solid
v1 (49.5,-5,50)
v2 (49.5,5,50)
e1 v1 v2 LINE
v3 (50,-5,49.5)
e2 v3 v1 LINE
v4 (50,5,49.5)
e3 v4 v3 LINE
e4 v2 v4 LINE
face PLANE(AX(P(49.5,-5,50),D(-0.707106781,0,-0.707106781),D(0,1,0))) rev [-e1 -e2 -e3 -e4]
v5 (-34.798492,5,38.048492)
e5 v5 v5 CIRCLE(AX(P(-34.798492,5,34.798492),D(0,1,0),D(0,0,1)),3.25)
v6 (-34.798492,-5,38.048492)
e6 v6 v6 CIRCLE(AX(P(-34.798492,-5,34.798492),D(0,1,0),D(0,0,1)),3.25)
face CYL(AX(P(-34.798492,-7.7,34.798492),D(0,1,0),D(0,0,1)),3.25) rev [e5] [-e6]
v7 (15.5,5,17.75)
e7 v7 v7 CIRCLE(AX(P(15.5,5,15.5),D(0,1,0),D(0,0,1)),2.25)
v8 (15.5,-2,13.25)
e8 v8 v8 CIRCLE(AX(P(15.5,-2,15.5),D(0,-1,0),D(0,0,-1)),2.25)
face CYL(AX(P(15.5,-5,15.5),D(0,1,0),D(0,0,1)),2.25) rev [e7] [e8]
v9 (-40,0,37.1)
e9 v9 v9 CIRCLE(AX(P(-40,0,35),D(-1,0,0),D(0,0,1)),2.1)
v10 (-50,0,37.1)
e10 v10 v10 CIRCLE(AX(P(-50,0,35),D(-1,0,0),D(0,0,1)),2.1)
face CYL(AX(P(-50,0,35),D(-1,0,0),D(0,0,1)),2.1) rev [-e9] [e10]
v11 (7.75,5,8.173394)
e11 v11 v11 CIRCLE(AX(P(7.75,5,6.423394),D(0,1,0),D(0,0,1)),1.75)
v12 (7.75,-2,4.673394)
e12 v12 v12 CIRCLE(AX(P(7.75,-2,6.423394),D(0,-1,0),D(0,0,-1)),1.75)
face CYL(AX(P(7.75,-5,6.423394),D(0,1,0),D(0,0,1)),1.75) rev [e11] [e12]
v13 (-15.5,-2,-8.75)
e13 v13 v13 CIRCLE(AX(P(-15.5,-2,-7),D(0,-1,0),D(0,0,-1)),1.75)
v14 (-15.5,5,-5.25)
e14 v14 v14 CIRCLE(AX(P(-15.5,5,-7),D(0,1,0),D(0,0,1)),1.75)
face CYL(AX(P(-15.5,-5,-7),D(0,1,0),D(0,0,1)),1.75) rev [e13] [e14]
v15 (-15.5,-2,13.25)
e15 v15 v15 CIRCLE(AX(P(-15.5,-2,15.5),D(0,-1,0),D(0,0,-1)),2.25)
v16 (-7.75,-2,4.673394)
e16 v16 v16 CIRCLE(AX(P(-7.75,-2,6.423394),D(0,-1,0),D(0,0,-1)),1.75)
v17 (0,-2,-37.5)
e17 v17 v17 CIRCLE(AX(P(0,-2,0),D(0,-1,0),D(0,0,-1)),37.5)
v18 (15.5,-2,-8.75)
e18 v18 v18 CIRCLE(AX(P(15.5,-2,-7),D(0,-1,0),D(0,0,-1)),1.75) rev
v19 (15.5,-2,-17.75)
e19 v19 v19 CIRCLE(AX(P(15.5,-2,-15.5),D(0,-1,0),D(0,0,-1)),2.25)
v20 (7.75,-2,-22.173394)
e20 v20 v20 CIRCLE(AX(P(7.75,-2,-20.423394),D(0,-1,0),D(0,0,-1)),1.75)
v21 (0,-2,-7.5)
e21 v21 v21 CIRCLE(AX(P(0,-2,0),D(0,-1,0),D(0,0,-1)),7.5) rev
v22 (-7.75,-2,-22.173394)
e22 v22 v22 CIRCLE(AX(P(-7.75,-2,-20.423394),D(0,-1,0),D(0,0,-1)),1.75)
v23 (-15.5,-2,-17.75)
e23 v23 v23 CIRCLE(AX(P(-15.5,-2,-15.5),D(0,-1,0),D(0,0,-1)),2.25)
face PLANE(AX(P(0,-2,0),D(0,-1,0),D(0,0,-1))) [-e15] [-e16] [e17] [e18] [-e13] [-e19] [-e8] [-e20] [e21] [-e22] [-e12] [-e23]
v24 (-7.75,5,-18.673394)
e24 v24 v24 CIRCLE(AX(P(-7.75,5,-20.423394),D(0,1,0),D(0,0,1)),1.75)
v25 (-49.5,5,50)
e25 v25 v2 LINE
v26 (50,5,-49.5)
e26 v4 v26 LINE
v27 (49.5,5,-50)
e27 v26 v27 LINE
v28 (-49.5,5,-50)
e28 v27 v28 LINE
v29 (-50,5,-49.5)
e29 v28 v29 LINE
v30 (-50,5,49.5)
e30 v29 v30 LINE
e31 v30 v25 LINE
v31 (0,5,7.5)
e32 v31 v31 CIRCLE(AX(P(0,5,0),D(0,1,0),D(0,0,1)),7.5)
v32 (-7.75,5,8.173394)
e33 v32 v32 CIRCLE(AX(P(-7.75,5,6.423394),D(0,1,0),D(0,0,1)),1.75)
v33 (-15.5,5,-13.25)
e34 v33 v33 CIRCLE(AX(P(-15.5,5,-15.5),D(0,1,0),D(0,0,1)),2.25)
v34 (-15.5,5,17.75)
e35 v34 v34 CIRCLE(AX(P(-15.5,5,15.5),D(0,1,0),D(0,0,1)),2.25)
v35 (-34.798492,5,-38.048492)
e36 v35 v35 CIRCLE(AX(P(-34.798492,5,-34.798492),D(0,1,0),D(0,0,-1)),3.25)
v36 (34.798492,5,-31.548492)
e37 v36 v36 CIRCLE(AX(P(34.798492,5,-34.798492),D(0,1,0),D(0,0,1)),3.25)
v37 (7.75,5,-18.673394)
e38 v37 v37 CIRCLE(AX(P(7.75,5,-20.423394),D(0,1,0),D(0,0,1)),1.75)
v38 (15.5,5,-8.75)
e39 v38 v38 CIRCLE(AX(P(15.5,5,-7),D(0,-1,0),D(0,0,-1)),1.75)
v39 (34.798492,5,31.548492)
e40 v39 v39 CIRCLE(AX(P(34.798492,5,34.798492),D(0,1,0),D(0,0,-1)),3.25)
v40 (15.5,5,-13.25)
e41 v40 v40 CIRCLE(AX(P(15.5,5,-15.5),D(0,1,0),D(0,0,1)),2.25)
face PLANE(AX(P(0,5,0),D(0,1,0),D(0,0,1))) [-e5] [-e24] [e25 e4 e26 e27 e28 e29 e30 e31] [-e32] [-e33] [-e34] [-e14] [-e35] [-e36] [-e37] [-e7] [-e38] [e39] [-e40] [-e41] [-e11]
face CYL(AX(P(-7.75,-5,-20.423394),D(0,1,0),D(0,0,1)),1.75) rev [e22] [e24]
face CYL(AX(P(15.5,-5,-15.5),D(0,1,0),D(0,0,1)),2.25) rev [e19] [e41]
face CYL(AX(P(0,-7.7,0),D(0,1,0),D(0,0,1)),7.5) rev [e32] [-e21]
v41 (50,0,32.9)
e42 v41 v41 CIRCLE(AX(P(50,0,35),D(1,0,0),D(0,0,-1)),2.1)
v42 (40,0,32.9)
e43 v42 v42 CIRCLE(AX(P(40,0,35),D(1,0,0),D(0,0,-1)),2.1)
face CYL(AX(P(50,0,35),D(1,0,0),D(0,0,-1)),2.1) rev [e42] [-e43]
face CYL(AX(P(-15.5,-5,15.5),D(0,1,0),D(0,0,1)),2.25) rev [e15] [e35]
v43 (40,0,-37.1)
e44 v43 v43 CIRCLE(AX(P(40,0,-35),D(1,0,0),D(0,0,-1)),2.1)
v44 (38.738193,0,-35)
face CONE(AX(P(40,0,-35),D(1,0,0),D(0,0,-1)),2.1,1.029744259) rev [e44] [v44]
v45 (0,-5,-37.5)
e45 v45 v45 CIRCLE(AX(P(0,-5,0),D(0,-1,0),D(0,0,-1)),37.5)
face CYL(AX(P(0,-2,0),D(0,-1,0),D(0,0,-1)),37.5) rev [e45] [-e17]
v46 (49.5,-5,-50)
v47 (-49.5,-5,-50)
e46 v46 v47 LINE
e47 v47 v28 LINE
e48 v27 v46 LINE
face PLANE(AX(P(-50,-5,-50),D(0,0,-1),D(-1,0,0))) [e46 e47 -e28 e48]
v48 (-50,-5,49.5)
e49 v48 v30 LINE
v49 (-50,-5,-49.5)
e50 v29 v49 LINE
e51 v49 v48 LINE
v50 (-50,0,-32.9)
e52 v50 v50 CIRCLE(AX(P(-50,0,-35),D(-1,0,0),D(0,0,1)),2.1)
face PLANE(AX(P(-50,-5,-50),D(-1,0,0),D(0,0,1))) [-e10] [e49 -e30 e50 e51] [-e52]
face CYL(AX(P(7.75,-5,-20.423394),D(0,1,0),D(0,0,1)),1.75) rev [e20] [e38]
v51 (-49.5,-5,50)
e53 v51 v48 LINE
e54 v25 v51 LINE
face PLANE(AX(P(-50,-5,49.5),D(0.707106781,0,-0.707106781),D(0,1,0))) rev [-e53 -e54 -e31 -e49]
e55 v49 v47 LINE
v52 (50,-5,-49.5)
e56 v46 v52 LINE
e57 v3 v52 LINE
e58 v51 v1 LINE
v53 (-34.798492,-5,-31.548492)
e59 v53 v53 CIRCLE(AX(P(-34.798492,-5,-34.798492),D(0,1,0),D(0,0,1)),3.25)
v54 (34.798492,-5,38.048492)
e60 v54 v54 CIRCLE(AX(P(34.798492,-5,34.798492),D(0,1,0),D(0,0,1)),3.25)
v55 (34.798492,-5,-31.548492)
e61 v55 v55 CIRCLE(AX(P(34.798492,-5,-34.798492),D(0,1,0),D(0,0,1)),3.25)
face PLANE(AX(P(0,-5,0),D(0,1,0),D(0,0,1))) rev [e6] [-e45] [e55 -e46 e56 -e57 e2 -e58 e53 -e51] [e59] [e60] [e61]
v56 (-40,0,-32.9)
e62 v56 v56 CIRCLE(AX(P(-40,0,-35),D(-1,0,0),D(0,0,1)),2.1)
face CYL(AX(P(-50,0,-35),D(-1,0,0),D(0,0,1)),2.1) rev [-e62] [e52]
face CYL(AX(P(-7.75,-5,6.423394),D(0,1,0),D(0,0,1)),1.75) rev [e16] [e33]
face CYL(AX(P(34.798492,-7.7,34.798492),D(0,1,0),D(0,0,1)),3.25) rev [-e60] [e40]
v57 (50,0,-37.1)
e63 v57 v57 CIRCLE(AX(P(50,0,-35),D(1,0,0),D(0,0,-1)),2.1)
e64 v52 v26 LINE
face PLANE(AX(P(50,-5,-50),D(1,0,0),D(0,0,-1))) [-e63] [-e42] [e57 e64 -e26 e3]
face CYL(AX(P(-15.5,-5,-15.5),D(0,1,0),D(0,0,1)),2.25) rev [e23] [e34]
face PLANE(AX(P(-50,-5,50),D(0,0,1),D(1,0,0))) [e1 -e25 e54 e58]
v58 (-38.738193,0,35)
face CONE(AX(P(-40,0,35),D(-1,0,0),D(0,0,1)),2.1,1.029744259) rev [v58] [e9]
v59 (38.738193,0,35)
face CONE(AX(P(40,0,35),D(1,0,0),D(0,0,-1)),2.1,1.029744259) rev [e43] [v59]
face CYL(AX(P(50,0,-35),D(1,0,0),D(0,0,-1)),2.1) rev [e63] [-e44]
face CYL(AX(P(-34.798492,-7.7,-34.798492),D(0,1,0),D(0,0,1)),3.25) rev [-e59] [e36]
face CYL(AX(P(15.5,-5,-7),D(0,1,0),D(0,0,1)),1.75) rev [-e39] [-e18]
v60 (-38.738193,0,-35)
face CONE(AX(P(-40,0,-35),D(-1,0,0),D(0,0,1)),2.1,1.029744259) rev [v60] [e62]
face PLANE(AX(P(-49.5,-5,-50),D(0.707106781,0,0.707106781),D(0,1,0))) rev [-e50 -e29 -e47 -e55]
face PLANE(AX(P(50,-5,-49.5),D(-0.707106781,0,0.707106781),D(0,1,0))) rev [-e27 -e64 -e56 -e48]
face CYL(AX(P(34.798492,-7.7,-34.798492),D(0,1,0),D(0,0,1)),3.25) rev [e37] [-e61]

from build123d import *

# Parameters (mm, degrees)
BOSS_EXTRUDE1_DEPTH                  = 5
BOSS_EXTRUDE1_DEPTH_BACK             = 5
SKETCH1_W                            = 100
SKETCH1_H                            = 100
SKETCH2_R                            = 7.5
SKETCH2_R_2                          = 3.25
CUT_EXTRUDE1_DEPTH                   = 12.7
TAP_DRILL_FOR_M5X0_8_TAP1_AT_2_COUNT = 2
TAP_DRILL_FOR_M5X0_8_TAP1_AT_2_PITCH = 70
SKETCH11_R                           = 37.5
CUT_EXTRUDE2_DEPTH                   = 3
CHAMFER1_SIZE                        = 0.5
SKETCH12_R                           = 1.75
CUT_EXTRUDE3_DEPTH                   = 72.414284285
SKETCH13_R                           = 2.25
CUT_EXTRUDE4_DEPTH                   = 10


with BuildPart() as part:
    # Sketch1 → Boss-Extrude1 (new, two sides: drawn at the far end of the back side and taken through both)
    with BuildSketch(Plane(origin=(0, 0, 0), x_dir=(1, 0, 0), z_dir=(0, 1, 0)).offset(-BOSS_EXTRUDE1_DEPTH_BACK)):
        Rectangle(SKETCH1_W, SKETCH1_H)
    extrude(amount=BOSS_EXTRUDE1_DEPTH + BOSS_EXTRUDE1_DEPTH_BACK)

    # Sketch2 → Cut-Extrude1 (cut)
    with BuildSketch(Plane(origin=(0, 5, 0), x_dir=(1, 0, 0), z_dir=(0, 1, 0))):
        Circle(SKETCH2_R)
        with Locations((-34.798492469, 34.798492469)):
            Circle(SKETCH2_R_2)
        with Locations((34.798492469, 34.798492469)):
            Circle(SKETCH2_R_2)
        with Locations((34.798492469, -34.798492469)):
            Circle(SKETCH2_R_2)
        with Locations((-34.798492469, -34.798492469)):
            Circle(SKETCH2_R_2)
    extrude(amount=-CUT_EXTRUDE1_DEPTH, mode=Mode.SUBTRACT)

    # Sketch10 → Tap Drill for M5x0.8 Tap1 (revolve, cut)
    with BuildSketch(Plane(origin=(-50, 0, -35), x_dir=(0, 0, 1), z_dir=(0, 1, 0))):
        Polygon((0, 0), (0, 11.2618073), (2.1, 10), (2.1, 0), align=None)
    tap_drill_for_m5x0_8_tap1 = revolve(axis=Axis((-56.35, 0, -35), (1, 0, 0)), mode=Mode.SUBTRACT)

    # Tap Drill for M5x0.8 Tap1 at 2: Tap Drill for M5x0.8 Tap1 ×2
    with Locations(*[(0, 0, i * TAP_DRILL_FOR_M5X0_8_TAP1_AT_2_PITCH) for i in range(1, TAP_DRILL_FOR_M5X0_8_TAP1_AT_2_COUNT)]):
        add(tap_drill_for_m5x0_8_tap1, mode=Mode.SUBTRACT)

    # Sketch11 → Cut-Extrude2 (cut)
    with BuildSketch(Plane.XZ.offset(5)):
        Circle(SKETCH11_R)
    extrude(amount=-CUT_EXTRUDE2_DEPTH, mode=Mode.SUBTRACT)

    # Chamfer1
    chamfer1_edges = [part.edges().sort_by_distance(p)[0] for p in [
        (50, 0, -50),
        (50, 0, 50),
        (-50, 0, 50),
        (-50, 0, -50),
    ]]
    chamfer(chamfer1_edges, length=CHAMFER1_SIZE)

    # Mirror1: Tap Drill for M5x0.8 Tap1 across plane
    add(tap_drill_for_m5x0_8_tap1.mirror(Plane.ZY), mode=Mode.SUBTRACT)

    # Mirror1 copy 1 sketch → Mirror1 copy 1 (revolve, cut)
    with BuildSketch(Plane(origin=(50, 0, 35), x_dir=(0, 0, 1), z_dir=(0, 1, 0))):
        Polygon((0, 0), (0, -11.2618073), (2.1, -10), (2.1, 0), align=None)
    revolve(axis=Axis((56.35, 0, 35), (1, 0, 0)), mode=Mode.SUBTRACT)

    # Sketch12 → Cut-Extrude3 (cut, through all)
    with BuildSketch(Plane(origin=(0, 5, 0), x_dir=(1, 0, 0), z_dir=(0, 1, 0))):
        with Locations((-15.5, 7)):
            Circle(SKETCH12_R)
        with Locations((15.5, 7)):
            Circle(SKETCH12_R)
        with Locations((-7.75, 20.423393759)):
            Circle(SKETCH12_R)
        with Locations((7.75, 20.423393759)):
            Circle(SKETCH12_R)
        with Locations((7.75, -6.423393759)):
            Circle(SKETCH12_R)
        with Locations((-7.75, -6.423393759)):
            Circle(SKETCH12_R)
    extrude(amount=-CUT_EXTRUDE3_DEPTH, mode=Mode.SUBTRACT)

    # Sketch13 → Cut-Extrude4 (cut)
    with BuildSketch(Plane(origin=(0, 5, 0), x_dir=(1, 0, 0), z_dir=(0, 1, 0))):
        with Locations((-15.5, -15.5)):
            Circle(SKETCH13_R)
        with Locations((-15.5, 15.5)):
            Circle(SKETCH13_R)
        with Locations((15.5, 15.5)):
            Circle(SKETCH13_R)
        with Locations((15.5, -15.5)):
            Circle(SKETCH13_R)
    extrude(amount=-CUT_EXTRUDE4_DEPTH, mode=Mode.SUBTRACT)


solid = part.part
